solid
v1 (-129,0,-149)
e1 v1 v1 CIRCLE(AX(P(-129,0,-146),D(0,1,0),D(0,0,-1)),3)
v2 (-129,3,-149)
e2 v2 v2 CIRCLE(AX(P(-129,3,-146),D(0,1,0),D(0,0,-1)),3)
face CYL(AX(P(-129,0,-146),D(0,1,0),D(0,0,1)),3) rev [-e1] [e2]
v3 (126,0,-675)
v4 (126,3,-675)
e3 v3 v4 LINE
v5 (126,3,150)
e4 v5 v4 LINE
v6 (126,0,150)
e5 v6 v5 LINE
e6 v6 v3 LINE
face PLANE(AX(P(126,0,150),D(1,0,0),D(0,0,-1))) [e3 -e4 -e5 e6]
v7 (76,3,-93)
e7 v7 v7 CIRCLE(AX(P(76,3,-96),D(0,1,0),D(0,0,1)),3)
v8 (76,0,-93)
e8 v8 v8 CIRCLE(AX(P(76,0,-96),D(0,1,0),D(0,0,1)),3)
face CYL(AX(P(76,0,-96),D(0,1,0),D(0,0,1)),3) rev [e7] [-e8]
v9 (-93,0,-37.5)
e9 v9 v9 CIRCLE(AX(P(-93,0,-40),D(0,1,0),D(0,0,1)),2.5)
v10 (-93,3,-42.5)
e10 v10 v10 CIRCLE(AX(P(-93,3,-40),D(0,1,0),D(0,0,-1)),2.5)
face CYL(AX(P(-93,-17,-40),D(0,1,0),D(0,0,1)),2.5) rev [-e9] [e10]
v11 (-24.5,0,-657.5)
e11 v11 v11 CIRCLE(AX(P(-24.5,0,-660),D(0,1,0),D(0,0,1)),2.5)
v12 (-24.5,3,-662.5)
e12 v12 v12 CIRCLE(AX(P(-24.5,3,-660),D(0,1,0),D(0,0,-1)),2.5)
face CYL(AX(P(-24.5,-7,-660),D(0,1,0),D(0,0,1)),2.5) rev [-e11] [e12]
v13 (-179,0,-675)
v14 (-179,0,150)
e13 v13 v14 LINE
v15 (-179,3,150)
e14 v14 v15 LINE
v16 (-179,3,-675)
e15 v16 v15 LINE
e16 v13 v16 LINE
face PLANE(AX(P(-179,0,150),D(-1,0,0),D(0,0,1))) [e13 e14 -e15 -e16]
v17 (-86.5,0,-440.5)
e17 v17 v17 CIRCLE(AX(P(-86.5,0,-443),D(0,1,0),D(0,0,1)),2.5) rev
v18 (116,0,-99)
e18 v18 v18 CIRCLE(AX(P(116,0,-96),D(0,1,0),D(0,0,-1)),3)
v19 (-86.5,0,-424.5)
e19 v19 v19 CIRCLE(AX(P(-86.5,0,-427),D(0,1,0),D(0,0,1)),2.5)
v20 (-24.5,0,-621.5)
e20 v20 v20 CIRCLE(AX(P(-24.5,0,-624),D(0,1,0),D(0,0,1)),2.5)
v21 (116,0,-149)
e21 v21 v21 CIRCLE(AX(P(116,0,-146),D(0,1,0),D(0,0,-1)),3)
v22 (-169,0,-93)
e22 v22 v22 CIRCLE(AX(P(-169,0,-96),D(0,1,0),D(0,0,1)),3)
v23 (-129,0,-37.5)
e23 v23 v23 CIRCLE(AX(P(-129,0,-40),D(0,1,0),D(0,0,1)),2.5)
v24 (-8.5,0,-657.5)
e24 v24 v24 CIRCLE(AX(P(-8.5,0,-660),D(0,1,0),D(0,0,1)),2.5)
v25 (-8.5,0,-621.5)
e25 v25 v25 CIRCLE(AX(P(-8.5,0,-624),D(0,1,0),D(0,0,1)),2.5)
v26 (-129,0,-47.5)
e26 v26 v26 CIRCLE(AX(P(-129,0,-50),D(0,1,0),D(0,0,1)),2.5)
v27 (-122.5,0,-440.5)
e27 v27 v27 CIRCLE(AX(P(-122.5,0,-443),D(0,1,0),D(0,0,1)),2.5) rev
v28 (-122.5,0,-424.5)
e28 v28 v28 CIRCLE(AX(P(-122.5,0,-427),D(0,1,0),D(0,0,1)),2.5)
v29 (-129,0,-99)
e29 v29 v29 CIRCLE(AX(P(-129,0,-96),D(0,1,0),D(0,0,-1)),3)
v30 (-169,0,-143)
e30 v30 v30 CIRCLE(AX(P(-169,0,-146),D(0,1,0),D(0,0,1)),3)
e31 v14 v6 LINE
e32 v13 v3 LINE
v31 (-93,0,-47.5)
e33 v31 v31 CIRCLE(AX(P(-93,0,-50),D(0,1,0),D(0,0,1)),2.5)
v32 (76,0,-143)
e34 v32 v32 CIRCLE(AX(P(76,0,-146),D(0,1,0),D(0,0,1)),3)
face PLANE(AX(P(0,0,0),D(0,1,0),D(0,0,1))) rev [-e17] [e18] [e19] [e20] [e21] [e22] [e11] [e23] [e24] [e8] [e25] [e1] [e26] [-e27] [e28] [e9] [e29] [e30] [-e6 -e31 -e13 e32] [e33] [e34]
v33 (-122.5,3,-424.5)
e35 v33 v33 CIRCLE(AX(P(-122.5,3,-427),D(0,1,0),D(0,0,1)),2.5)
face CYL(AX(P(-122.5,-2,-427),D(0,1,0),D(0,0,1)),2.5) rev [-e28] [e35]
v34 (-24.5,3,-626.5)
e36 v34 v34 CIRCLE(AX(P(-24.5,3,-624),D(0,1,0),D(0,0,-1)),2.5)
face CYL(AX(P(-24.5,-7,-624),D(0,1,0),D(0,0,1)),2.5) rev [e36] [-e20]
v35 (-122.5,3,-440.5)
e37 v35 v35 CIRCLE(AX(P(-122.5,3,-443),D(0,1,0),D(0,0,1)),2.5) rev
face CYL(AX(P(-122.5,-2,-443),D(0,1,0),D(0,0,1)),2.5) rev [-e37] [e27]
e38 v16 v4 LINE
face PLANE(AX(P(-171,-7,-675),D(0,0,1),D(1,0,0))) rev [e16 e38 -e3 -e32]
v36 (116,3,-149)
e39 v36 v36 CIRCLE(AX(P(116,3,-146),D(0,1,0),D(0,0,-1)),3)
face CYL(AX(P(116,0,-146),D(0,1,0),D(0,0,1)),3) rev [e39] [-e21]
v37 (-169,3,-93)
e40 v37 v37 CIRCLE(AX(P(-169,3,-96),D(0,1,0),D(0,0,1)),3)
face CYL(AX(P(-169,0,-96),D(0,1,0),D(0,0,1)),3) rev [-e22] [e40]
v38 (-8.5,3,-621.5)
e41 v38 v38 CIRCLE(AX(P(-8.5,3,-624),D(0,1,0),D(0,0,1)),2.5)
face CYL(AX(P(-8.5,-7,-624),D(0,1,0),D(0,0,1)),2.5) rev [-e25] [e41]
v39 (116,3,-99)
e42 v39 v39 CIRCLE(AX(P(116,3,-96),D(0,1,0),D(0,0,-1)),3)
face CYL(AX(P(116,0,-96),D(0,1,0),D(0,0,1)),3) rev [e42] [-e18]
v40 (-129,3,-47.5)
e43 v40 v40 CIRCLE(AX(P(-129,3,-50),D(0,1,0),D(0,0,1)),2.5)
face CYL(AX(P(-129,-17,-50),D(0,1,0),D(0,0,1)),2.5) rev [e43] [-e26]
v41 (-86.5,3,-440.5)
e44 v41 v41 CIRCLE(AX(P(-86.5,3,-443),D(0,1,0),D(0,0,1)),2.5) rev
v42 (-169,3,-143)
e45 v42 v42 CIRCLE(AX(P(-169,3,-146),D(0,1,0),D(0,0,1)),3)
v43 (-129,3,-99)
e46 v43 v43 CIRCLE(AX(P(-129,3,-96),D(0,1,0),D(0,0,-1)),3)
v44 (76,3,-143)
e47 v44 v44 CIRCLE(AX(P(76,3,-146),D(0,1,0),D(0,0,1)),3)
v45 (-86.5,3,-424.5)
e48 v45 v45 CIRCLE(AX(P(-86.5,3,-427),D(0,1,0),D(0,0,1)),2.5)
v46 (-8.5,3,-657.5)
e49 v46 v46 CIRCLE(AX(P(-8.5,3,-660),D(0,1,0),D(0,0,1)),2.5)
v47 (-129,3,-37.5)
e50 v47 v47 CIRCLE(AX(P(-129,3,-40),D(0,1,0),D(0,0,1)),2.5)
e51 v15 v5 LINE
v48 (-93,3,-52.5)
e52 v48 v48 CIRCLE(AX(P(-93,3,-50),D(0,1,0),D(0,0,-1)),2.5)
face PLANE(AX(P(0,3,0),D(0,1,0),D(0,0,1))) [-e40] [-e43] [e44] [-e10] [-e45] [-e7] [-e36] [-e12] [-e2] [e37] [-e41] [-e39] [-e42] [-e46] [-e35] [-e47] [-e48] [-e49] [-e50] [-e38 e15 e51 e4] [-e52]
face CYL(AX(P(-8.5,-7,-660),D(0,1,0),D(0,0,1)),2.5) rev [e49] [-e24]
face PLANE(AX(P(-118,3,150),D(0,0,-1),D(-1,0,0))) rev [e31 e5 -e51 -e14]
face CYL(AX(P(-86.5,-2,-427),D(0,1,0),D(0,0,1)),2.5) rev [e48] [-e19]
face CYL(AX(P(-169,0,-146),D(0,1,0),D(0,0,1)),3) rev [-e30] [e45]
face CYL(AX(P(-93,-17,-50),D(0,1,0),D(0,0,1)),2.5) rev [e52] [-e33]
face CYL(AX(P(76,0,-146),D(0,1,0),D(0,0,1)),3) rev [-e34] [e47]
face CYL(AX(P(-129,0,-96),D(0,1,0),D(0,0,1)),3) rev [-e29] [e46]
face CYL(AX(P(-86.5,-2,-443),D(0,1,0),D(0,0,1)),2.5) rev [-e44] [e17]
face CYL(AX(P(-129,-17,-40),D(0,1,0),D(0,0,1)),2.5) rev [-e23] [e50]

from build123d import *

# Parameters (mm, degrees)
BOSS_EXTRUDE1_DEPTH = 3
SKETCH2_R           = 2.5
CUT_EXTRUDE3_DEPTH  = 20
SKETCH3_W           = 289
SKETCH3_H           = 3
BOSS_EXTRUDE2_DEPTH = 600
SKETCH4_R           = 2.5
CUT_EXTRUDE4_DEPTH  = 10
SKETCH5_W           = 289
SKETCH5_H           = 75
CUT_EXTRUDE5_DEPTH  = 10
SKETCH6_R           = 2.5
CUT_EXTRUDE6_DEPTH  = 5
SKETCH7_W           = 8
SKETCH7_H           = 825
BOSS_EXTRUDE3_DEPTH = 3
SKETCH8_R           = 3
CUT_EXTRUDE7_DEPTH  = 699.337311047


with BuildPart() as part:
    # Sketch1 → Boss-Extrude1 (new body)
    with BuildSketch(Plane(origin=(0, 0, 0), x_dir=(1, 0, 0), z_dir=(0, 1, 0))):
        Polygon((-118, 150), (-171, 150), (-171, -150), (-118, -150), (118, -150), (118, 150), align=None)
    extrude(amount=BOSS_EXTRUDE1_DEPTH)

    # Sketch2 → Cut-Extrude3 (cut)
    with BuildSketch(Plane(origin=(0, 3, 0), x_dir=(1, 0, 0), z_dir=(0, 1, 0))):
        with Locations(Location((-129, 50, 0), (0, 0, 270))):
            Circle(SKETCH2_R)
        with Locations(Location((-129, 40, 0), (0, 0, 270))):
            Circle(SKETCH2_R)
        with Locations(Location((-93, 40, 0), (0, 0, 270))):
            Circle(SKETCH2_R)
        with Locations(Location((-93, 50, 0), (0, 0, 270))):
            Circle(SKETCH2_R)
    extrude(amount=-CUT_EXTRUDE3_DEPTH, mode=Mode.SUBTRACT)

    # Sketch3 → Boss-Extrude2 (add)
    with BuildSketch(Plane(origin=(0, 0, -150), x_dir=(-1, 0, 0), z_dir=(0, 0, -1))):
        with Locations((26.5, 1.5)):
            Rectangle(SKETCH3_W, SKETCH3_H)
    extrude(amount=BOSS_EXTRUDE2_DEPTH)

    # Sketch4 → Cut-Extrude4 (cut)
    with BuildSketch(Plane(origin=(0, 3, 0), x_dir=(1, 0, 0), z_dir=(0, 1, 0))):
        with Locations(Location((-8.5, 660, 0), (0, 0, 270))):
            Circle(SKETCH4_R)
        with Locations(Location((-8.5, 624, 0), (0, 0, 270))):
            Circle(SKETCH4_R)
        with Locations(Location((-24.5, 624, 0), (0, 0, 270))):
            Circle(SKETCH4_R)
        with Locations(Location((-24.5, 660, 0), (0, 0, 270))):
            Circle(SKETCH4_R)
    extrude(amount=-CUT_EXTRUDE4_DEPTH, mode=Mode.SUBTRACT)

    # Sketch5 → Cut-Extrude5 (cut)
    with BuildSketch(Plane(origin=(0, 3, 0), x_dir=(1, 0, 0), z_dir=(0, 1, 0))):
        with Locations((-26.5, 712.5)):
            Rectangle(SKETCH5_W, SKETCH5_H)
    extrude(amount=-CUT_EXTRUDE5_DEPTH, mode=Mode.SUBTRACT)

    # Sketch6 → Cut-Extrude6 (cut)
    with BuildSketch(Plane(origin=(0, 3, 0), x_dir=(1, 0, 0), z_dir=(0, 1, 0))):
        with Locations(Location((-86.5, 443, 0), (0, 0, 270))):
            Circle(SKETCH6_R)
        with Locations(Location((-86.5, 427, 0), (0, 0, 270))):
            Circle(SKETCH6_R)
        with Locations(Location((-122.5, 427, 0), (0, 0, 270))):
            Circle(SKETCH6_R)
        with Locations(Location((-122.5, 443, 0), (0, 0, 270))):
            Circle(SKETCH6_R)
    extrude(amount=-CUT_EXTRUDE6_DEPTH, mode=Mode.SUBTRACT)

    # Sketch7 → Boss-Extrude3 (add, through all)
    with BuildSketch(Plane(origin=(0, 3, 0), x_dir=(1, 0, 0), z_dir=(0, 1, 0))):
        with Locations((-175, 262.5)):
            Rectangle(SKETCH7_W, SKETCH7_H)
        with Locations((122, 262.5)):
            Rectangle(SKETCH7_W, SKETCH7_H)
    extrude(amount=-BOSS_EXTRUDE3_DEPTH)

    # Sketch8 → Cut-Extrude7 (cut, through all)
    with BuildSketch(Plane(origin=(0, 3, 0), x_dir=(1, 0, 0), z_dir=(0, 1, 0))):
        with Locations(Location((-169, 96, 0), (0, 0, 270))):
            Circle(SKETCH8_R)
        with Locations(Location((-169, 146, 0), (0, 0, 270))):
            Circle(SKETCH8_R)
        with Locations(Location((-129, 96, 0), (0, 0, 90))):
            Circle(SKETCH8_R)
        with Locations(Location((-129, 146, 0), (0, 0, 90))):
            Circle(SKETCH8_R)
        with Locations(Location((116, 96, 0), (0, 0, 90))):
            Circle(SKETCH8_R)
        with Locations(Location((76, 96, 0), (0, 0, 270))):
            Circle(SKETCH8_R)
        with Locations(Location((76, 146, 0), (0, 0, 270))):
            Circle(SKETCH8_R)
        with Locations(Location((116, 146, 0), (0, 0, 90))):
            Circle(SKETCH8_R)
    extrude(amount=-CUT_EXTRUDE7_DEPTH, mode=Mode.SUBTRACT)


solid = part.part
